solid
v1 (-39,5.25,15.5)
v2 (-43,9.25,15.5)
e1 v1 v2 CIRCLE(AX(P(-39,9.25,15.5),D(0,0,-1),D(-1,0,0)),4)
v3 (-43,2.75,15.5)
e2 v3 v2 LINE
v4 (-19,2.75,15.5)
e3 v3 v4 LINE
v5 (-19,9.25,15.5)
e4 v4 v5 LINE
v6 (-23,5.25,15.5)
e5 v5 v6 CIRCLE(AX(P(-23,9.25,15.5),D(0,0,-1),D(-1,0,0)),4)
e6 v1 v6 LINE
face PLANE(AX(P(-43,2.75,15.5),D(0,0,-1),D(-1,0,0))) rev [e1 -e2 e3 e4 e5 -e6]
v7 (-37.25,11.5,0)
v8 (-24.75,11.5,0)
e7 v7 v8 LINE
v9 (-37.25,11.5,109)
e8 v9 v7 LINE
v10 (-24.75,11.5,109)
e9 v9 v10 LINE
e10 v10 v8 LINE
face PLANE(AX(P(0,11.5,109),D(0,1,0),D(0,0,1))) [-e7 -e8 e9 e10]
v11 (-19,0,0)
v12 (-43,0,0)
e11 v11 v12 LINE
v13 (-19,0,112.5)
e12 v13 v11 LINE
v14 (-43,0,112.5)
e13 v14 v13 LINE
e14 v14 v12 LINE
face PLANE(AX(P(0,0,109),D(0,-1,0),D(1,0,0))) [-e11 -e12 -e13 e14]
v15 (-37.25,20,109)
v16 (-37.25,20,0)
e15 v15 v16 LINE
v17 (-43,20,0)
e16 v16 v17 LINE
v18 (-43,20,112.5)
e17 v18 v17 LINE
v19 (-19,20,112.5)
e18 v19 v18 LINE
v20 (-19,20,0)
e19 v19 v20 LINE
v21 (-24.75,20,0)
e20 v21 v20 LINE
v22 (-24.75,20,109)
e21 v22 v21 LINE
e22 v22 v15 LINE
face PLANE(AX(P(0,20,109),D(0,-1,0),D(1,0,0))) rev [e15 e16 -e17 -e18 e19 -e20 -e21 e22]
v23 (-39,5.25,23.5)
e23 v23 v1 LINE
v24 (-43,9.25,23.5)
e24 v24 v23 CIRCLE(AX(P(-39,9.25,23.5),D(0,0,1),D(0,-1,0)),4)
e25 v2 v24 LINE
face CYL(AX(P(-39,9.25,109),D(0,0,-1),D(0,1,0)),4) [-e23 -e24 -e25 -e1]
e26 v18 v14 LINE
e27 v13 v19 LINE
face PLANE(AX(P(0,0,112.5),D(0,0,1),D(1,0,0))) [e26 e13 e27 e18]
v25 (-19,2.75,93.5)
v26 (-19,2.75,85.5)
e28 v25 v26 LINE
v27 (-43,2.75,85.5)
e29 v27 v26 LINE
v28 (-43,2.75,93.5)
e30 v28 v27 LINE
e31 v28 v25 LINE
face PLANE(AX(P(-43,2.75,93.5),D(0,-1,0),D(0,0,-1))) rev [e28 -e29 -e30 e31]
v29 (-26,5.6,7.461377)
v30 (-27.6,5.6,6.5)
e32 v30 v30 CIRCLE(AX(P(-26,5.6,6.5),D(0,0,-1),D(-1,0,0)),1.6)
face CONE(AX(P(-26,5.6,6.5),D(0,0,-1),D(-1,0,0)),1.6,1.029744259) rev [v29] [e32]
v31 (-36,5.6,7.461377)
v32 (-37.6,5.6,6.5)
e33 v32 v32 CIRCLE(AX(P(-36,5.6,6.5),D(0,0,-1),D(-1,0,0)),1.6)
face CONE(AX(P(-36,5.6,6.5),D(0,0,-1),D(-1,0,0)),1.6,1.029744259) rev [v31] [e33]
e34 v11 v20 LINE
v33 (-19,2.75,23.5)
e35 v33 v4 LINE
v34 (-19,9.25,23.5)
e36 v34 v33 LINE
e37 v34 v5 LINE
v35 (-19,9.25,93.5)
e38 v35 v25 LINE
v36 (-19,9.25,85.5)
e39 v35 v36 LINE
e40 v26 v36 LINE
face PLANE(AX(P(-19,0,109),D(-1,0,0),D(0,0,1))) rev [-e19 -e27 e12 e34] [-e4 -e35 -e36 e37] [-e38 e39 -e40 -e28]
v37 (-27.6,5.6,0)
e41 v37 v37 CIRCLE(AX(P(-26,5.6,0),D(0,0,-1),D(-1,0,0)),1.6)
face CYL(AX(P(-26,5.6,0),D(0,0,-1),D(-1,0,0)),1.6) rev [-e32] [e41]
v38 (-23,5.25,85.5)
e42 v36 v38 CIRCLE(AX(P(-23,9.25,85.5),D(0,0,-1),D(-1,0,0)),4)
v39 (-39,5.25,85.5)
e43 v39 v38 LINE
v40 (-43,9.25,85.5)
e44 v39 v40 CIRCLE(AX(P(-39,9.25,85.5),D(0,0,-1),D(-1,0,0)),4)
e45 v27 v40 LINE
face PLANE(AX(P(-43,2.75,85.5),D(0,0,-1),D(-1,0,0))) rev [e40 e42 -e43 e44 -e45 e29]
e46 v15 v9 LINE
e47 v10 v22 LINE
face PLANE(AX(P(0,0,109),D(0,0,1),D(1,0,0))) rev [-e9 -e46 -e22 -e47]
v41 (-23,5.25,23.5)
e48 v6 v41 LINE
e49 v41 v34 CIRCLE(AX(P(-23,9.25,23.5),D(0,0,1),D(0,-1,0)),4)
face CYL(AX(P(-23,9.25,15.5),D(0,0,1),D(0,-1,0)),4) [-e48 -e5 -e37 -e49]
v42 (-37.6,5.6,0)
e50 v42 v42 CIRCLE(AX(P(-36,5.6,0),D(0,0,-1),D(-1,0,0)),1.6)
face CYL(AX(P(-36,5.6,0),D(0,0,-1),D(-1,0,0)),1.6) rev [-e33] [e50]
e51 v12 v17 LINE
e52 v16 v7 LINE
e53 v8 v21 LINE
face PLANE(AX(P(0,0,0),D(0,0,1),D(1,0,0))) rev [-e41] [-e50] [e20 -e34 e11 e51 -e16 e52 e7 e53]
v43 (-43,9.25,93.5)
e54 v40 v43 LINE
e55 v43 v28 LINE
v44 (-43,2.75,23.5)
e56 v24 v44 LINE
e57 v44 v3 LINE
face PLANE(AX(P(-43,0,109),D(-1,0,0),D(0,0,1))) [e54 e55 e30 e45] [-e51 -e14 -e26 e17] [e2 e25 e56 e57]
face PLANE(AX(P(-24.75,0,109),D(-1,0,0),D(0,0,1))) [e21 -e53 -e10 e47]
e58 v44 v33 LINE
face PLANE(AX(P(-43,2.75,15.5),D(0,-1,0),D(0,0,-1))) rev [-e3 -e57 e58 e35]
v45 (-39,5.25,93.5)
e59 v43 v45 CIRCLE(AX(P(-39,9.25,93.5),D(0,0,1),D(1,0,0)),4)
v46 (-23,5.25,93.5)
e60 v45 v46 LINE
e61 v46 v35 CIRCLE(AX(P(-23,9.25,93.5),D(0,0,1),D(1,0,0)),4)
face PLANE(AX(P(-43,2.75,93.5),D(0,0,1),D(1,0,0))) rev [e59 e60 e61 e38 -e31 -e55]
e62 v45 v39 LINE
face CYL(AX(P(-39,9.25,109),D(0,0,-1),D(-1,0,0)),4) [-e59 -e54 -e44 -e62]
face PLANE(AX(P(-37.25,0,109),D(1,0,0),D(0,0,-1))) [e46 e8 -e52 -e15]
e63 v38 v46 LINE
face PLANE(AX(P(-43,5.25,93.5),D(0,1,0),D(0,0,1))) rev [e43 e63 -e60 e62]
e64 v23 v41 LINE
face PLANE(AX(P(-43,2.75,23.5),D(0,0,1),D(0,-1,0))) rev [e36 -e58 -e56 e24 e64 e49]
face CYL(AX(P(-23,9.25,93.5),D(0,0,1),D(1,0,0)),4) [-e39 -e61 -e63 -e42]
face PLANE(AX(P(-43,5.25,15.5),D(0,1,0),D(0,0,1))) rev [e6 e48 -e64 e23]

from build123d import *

# Parameters (mm, degrees)
SKETCH1_W                 = 12.5
SKETCH1_H                 = 11.5
BOSS_EXTRUDE1_DEPTH       = 109
SKETCH2_W                 = 24
SKETCH2_H                 = 20
BOSS_EXTRUDE2_DEPTH       = 3.5
F_2_5MM_DOWEL_HOLE1_D     = 3.2
F_2_5MM_DOWEL_HOLE1_DEPTH = 6.5
F_2_5MM_DOWEL_HOLE1_TIP   = 0.96137699
SKETCH5_W                 = 8
SKETCH5_H                 = 2.5
CUT_EXTRUDE1_DEPTH        = 117.757226757
FILLET1_R                 = 4


with BuildPart() as part:
    # Sketch1 → Boss-Extrude1 (new body)
    with BuildSketch(Plane.XY):
        Polygon((-37.25, 0), (-37.25, 11.5), (-37.25, 20), (-43, 20), (-43, 0), align=None)
        with Locations((-31, 5.75)):
            Rectangle(SKETCH1_W, SKETCH1_H)
        Polygon((-24.75, 20), (-24.75, 11.5), (-24.75, 0), (-19, 0), (-19, 20), align=None)
    extrude(amount=BOSS_EXTRUDE1_DEPTH)

    # Sketch2 → Boss-Extrude2 (add)
    with BuildSketch(Plane.XY.offset(109)):
        with Locations((-31, 10)):
            Rectangle(SKETCH2_W, SKETCH2_H)
    extrude(amount=BOSS_EXTRUDE2_DEPTH)

    # Ø2.5mm Dowel Hole1
    with Locations(Plane(origin=(0, 0, 0), x_dir=(-1, 0, 0), z_dir=(0, 0, -1))):
        with Locations((36, 5.6), (26, 5.6)):
            Hole(F_2_5MM_DOWEL_HOLE1_D / 2, depth=F_2_5MM_DOWEL_HOLE1_DEPTH)
            with Locations((0, 0, -(F_2_5MM_DOWEL_HOLE1_DEPTH + F_2_5MM_DOWEL_HOLE1_TIP / 2))):  # 118° drill point
                Cone(0, F_2_5MM_DOWEL_HOLE1_D / 2, F_2_5MM_DOWEL_HOLE1_TIP, mode=Mode.SUBTRACT)

    # Sketch5 → Cut-Extrude1 (cut, through all)
    with BuildSketch(Plane(origin=(-19, 0, 0), x_dir=(0, 0, -1), z_dir=(1, 0, 0))):
        with Locations((-89.5, 4)):
            Rectangle(SKETCH5_W, SKETCH5_H)
        with Locations((-19.5, 4)):
            Rectangle(SKETCH5_W, SKETCH5_H)
    extrude(amount=-CUT_EXTRUDE1_DEPTH, mode=Mode.SUBTRACT)

    # Fillet1
    fillet1_edges = [part.edges().sort_by_distance(p)[0] for p in [
        (-43, 5.25, 89.5),
        (-19, 5.25, 89.5),
        (-43, 5.25, 19.5),
        (-19, 5.25, 19.5),
    ]]
    fillet(fillet1_edges, radius=FILLET1_R)


solid = part.part
